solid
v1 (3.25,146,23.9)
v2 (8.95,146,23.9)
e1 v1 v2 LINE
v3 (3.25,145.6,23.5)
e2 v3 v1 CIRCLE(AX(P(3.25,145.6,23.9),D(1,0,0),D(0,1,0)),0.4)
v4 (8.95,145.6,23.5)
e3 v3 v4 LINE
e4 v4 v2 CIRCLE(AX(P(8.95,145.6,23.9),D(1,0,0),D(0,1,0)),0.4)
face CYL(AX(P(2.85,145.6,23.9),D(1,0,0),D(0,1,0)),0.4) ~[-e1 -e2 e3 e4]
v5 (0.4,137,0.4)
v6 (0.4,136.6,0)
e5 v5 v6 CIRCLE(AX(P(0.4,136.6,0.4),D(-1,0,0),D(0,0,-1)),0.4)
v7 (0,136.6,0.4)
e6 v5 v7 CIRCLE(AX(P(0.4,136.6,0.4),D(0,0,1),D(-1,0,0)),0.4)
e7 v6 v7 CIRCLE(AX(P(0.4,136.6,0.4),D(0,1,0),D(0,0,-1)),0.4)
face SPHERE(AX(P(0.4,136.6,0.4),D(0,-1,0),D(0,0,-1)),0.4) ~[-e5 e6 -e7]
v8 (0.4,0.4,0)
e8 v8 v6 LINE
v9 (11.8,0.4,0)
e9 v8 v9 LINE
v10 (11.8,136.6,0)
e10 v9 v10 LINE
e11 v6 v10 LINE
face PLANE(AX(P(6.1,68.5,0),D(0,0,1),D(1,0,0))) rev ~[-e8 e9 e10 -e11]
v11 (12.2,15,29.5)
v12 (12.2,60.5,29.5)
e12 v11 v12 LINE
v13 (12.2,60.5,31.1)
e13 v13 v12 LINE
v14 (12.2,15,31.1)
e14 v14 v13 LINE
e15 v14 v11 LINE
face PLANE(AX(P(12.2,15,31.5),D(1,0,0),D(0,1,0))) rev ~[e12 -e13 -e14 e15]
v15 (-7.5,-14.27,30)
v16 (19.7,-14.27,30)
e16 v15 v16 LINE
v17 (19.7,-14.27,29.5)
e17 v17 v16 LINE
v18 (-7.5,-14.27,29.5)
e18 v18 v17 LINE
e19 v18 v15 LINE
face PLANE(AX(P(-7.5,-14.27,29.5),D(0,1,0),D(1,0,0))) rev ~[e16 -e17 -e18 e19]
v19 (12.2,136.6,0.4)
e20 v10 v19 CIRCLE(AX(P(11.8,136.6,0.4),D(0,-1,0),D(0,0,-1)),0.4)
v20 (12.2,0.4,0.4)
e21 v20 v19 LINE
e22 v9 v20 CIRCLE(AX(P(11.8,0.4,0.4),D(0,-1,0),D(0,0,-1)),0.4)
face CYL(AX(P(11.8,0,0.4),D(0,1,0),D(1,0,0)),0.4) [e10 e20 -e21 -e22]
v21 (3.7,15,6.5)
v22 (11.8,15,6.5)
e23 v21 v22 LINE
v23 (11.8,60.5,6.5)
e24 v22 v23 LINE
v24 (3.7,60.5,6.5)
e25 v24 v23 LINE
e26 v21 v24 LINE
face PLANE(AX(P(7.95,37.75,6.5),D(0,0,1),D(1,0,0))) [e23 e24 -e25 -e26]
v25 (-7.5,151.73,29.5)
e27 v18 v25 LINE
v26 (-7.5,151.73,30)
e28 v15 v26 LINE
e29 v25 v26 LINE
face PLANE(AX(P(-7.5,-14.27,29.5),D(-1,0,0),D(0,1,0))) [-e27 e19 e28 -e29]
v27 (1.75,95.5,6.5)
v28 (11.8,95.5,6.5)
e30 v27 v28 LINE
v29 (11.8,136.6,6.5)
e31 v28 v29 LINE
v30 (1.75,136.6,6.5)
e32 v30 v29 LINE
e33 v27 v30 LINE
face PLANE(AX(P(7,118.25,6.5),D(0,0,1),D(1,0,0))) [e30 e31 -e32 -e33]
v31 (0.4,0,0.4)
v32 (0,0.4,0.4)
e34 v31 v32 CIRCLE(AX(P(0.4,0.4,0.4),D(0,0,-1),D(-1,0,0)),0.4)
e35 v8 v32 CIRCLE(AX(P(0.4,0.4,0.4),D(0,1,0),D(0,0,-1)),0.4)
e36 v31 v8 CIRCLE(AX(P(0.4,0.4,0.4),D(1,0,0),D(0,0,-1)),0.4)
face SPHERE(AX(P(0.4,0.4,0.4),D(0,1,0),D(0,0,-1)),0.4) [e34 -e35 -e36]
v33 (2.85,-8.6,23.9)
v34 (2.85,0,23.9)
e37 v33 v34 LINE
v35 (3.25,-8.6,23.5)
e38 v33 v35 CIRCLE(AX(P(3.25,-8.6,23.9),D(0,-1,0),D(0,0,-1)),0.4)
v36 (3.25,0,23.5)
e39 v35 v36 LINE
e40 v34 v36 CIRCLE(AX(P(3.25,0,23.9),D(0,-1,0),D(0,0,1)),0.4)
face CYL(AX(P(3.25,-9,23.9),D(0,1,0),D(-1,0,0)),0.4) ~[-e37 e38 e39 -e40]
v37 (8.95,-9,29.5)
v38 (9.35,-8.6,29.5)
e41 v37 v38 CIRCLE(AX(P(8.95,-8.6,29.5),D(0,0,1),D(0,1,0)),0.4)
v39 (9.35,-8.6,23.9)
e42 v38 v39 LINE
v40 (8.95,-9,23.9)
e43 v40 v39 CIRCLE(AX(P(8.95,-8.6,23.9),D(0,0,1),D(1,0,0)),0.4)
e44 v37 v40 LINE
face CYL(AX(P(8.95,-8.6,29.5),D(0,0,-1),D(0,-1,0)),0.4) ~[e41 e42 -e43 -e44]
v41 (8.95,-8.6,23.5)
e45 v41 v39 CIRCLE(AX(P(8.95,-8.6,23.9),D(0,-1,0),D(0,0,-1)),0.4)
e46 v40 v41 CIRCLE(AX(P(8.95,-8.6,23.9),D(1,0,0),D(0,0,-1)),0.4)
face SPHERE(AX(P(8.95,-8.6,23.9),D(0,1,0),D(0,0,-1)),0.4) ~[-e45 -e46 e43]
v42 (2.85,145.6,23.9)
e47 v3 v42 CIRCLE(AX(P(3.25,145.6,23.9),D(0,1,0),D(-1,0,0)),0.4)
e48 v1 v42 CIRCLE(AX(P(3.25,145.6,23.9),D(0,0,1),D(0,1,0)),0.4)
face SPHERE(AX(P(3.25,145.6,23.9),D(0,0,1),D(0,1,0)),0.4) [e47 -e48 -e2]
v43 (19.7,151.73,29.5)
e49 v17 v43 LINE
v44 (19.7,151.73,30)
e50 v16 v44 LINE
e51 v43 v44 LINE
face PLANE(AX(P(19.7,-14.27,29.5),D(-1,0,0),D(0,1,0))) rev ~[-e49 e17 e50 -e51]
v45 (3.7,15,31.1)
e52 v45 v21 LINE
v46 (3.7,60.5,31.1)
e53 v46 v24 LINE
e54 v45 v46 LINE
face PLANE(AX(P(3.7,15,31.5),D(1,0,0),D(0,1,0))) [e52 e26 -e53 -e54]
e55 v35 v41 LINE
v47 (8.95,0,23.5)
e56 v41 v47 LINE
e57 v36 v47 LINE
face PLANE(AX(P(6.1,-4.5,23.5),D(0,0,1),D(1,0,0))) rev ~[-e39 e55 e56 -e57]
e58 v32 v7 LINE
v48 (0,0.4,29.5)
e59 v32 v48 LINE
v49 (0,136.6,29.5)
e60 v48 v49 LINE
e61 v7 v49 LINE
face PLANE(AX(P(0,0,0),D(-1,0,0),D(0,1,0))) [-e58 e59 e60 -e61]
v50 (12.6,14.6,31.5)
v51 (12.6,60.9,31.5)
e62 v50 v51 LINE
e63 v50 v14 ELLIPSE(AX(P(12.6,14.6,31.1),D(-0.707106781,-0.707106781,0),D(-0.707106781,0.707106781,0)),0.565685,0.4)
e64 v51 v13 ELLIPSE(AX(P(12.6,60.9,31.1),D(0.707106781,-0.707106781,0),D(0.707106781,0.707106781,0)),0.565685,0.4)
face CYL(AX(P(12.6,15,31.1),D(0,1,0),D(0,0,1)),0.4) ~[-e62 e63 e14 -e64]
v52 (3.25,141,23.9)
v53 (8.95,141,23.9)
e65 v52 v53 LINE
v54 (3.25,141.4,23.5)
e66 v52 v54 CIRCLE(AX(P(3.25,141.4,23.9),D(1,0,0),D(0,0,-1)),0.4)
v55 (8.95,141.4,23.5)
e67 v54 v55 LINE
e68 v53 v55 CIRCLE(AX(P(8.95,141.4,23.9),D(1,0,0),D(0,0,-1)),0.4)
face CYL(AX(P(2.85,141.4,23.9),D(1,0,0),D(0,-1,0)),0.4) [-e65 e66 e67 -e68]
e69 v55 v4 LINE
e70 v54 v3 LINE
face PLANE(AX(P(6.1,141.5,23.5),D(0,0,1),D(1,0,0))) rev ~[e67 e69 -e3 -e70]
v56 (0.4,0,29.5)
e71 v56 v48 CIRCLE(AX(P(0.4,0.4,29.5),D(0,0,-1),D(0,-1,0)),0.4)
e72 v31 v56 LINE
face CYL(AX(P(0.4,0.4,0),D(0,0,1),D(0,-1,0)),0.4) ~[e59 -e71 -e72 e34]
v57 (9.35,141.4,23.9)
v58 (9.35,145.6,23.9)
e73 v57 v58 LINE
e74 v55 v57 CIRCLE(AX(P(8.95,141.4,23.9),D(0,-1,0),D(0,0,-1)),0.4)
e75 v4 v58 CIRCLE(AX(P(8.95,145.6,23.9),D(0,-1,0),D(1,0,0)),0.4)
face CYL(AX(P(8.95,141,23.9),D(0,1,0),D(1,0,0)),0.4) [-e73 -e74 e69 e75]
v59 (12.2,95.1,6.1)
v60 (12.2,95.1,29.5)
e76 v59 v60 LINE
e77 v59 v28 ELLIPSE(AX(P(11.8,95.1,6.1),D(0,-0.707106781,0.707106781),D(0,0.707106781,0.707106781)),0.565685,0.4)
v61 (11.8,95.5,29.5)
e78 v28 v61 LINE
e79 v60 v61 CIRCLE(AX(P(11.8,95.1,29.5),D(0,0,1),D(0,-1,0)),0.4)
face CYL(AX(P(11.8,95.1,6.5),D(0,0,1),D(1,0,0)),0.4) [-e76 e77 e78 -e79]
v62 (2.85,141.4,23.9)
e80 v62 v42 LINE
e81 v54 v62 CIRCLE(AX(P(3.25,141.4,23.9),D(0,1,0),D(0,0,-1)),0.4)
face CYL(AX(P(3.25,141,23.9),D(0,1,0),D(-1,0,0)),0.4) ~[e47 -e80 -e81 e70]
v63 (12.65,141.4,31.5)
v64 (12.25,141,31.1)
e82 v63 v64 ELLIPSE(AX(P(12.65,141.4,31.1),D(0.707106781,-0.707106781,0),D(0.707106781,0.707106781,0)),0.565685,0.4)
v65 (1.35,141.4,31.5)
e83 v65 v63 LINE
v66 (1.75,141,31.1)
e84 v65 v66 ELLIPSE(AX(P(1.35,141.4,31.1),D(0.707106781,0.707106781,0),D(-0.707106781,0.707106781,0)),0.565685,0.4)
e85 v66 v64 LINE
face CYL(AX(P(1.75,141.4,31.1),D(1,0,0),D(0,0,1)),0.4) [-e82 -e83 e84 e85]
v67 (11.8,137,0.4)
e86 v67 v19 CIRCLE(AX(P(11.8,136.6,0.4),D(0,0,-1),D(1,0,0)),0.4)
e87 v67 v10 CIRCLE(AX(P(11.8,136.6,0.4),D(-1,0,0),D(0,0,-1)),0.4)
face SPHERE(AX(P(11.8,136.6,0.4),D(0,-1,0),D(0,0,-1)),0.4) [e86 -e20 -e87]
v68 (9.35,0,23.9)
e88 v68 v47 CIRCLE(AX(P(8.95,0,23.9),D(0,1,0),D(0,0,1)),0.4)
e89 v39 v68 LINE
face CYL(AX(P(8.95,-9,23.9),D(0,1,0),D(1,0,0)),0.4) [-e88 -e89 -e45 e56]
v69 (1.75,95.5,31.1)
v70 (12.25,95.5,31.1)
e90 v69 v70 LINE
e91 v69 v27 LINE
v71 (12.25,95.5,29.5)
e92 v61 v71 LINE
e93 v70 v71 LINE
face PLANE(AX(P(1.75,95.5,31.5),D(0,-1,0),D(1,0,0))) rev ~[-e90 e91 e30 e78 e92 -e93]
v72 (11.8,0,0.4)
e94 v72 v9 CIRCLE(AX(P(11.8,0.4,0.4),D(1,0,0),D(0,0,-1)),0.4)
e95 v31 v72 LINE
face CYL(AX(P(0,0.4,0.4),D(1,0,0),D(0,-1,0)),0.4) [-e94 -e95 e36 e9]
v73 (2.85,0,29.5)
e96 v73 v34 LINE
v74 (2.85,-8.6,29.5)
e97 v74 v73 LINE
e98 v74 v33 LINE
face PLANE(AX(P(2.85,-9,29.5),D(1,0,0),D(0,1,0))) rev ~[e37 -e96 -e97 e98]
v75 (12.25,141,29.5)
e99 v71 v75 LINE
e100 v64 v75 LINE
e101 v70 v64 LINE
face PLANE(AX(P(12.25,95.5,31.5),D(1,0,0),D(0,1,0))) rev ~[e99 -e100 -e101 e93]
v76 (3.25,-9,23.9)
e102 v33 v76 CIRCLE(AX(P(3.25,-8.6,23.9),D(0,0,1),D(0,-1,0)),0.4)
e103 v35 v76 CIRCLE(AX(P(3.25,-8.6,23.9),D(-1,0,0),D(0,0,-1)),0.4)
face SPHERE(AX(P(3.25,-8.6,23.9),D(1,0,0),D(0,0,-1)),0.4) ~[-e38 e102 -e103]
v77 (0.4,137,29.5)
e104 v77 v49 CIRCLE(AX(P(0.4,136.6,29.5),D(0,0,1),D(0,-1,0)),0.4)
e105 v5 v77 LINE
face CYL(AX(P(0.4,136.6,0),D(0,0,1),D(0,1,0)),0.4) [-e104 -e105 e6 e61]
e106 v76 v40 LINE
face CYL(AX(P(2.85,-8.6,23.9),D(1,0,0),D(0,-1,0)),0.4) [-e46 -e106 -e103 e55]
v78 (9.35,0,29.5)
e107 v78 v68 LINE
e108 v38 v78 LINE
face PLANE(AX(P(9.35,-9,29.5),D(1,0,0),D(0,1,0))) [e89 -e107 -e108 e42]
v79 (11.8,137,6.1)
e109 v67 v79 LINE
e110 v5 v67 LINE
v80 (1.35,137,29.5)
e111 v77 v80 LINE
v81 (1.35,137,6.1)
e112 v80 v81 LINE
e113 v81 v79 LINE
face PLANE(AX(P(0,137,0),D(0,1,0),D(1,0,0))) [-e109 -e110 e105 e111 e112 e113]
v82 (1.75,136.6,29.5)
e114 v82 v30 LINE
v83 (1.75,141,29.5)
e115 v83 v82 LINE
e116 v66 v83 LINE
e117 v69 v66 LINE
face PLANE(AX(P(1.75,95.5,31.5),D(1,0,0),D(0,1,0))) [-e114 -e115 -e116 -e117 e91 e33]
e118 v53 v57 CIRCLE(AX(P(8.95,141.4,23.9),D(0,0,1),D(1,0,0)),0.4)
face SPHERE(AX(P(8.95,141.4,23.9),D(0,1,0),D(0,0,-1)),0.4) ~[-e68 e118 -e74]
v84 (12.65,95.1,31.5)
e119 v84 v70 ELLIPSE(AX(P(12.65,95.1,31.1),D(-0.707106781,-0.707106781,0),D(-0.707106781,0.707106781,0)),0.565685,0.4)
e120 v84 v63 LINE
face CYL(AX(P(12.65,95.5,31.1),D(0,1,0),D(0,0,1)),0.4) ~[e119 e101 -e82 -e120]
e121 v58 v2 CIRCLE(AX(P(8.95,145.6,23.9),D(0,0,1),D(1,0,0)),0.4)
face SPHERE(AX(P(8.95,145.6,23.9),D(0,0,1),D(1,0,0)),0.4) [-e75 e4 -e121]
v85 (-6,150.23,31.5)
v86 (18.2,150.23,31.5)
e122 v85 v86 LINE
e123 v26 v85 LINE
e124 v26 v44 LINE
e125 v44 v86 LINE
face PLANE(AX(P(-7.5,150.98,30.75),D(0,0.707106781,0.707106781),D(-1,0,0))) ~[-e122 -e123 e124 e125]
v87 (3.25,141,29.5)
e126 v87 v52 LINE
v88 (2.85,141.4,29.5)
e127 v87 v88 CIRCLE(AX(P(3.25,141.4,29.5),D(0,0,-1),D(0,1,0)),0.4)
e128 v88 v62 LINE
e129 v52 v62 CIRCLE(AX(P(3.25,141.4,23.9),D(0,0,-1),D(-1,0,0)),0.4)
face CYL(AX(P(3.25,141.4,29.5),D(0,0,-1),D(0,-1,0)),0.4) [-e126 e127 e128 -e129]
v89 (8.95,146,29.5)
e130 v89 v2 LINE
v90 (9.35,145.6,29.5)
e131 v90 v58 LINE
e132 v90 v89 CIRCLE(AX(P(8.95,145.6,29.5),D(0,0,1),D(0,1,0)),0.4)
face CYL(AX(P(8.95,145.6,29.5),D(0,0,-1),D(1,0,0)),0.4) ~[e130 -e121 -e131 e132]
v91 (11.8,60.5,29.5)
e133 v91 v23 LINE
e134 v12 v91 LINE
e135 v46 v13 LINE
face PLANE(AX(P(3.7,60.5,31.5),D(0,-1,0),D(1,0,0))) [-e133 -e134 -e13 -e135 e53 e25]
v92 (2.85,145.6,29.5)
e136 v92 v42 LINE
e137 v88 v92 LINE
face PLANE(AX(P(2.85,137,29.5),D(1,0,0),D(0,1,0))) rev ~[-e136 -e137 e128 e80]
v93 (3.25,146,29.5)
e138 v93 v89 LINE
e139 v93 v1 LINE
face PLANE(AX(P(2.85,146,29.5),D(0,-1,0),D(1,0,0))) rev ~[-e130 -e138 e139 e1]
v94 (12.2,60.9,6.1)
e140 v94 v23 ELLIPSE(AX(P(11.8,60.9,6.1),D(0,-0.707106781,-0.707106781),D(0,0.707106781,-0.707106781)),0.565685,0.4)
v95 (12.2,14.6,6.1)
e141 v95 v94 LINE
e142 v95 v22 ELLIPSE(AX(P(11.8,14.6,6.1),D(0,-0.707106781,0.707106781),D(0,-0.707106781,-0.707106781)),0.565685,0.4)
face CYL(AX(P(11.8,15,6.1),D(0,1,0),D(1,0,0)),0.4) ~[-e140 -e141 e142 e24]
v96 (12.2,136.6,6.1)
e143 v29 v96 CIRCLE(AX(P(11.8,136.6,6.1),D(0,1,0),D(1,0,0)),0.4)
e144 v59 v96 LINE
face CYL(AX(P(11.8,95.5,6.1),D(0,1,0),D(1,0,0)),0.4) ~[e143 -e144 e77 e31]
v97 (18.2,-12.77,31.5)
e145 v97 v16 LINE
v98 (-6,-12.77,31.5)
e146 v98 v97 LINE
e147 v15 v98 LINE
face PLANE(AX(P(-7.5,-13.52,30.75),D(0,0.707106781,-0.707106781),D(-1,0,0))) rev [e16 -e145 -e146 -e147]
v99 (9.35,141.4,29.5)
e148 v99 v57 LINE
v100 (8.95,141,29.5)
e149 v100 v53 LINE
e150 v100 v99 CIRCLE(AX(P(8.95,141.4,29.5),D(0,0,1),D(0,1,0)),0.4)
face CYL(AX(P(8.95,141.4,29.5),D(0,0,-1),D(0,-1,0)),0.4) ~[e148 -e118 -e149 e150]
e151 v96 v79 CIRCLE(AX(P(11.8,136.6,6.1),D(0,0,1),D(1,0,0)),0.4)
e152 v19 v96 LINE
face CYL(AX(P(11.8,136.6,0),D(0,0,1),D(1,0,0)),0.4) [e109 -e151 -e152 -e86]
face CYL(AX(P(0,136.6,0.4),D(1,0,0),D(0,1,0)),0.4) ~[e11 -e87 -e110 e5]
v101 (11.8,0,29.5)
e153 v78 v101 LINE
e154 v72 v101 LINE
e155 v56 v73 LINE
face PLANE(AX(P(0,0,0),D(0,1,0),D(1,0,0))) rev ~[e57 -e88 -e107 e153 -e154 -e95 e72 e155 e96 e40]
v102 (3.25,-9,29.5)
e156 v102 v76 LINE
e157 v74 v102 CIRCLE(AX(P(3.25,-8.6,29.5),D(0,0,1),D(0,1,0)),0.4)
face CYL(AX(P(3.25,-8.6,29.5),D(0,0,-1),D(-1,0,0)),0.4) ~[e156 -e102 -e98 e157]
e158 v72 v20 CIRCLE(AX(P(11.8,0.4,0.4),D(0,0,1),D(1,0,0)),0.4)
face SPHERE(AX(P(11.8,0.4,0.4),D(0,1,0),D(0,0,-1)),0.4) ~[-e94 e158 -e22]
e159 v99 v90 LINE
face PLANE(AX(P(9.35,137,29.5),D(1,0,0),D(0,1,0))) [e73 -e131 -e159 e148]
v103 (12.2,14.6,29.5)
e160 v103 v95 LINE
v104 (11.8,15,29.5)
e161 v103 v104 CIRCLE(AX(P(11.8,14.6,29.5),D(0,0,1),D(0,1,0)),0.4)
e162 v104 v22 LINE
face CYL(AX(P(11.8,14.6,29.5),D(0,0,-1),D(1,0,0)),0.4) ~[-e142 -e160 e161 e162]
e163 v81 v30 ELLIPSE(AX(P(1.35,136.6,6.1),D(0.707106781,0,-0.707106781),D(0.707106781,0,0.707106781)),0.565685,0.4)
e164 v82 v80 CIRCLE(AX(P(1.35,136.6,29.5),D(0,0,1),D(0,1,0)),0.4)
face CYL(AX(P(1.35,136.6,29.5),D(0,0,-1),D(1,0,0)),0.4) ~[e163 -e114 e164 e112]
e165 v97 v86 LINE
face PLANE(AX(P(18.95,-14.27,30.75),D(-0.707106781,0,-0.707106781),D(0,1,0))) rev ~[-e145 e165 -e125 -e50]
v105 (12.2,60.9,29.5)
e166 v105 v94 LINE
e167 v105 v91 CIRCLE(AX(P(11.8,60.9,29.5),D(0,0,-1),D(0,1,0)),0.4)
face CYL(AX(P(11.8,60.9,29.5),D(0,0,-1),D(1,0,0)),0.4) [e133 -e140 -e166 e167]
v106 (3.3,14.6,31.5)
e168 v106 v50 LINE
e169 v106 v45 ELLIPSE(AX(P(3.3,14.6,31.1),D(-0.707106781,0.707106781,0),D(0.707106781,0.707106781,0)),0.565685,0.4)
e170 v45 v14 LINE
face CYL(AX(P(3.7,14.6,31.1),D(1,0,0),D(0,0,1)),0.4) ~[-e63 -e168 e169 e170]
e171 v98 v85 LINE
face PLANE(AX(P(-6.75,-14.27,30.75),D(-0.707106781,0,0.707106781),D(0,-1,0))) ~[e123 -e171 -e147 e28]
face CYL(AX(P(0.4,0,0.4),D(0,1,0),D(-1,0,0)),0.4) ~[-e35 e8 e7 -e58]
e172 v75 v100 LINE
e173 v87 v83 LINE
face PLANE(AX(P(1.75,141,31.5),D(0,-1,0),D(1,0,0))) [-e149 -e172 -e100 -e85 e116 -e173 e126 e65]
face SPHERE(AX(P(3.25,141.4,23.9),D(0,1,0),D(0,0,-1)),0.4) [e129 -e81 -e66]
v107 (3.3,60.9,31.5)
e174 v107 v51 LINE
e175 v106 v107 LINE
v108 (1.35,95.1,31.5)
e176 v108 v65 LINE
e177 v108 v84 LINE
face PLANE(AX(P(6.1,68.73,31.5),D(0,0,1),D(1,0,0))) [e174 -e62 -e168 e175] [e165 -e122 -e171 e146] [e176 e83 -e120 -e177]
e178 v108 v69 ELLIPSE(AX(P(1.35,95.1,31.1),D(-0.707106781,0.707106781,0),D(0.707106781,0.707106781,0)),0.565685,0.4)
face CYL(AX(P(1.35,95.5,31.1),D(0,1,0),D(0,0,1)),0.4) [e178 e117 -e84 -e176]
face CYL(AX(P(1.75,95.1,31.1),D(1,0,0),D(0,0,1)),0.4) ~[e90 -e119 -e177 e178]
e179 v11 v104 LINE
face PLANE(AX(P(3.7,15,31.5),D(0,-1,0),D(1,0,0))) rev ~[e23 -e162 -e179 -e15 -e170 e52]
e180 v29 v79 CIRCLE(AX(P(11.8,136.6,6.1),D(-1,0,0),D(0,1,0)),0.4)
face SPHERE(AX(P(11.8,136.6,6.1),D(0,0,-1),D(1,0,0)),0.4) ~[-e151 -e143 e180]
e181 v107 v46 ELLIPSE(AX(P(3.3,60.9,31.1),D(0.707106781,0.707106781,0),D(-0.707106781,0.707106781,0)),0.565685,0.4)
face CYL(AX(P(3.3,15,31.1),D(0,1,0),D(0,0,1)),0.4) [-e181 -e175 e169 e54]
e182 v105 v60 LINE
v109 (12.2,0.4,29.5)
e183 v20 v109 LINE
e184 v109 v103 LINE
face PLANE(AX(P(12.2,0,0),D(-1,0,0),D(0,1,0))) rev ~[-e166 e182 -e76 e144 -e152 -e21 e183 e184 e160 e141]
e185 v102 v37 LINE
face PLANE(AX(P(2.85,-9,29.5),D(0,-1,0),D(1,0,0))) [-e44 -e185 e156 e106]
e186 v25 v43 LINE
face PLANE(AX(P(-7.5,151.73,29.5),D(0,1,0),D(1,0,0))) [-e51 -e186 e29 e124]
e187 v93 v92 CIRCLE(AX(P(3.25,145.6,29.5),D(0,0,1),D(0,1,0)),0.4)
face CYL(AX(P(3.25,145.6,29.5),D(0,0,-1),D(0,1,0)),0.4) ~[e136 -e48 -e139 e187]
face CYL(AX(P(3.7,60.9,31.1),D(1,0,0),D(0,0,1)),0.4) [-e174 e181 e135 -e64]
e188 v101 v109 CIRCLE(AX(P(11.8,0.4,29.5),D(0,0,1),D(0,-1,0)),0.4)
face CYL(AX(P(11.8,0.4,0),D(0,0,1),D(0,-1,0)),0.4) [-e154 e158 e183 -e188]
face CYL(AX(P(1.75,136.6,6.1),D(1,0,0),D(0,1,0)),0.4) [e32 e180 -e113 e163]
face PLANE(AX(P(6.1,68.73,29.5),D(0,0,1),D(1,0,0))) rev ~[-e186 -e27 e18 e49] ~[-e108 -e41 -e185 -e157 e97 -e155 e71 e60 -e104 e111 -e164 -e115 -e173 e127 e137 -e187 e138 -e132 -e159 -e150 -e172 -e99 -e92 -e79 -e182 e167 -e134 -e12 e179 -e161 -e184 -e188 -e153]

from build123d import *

# Parameters (mm, degrees)
SKETCH_W      = 12.2
SKETCH_H      = 137
PAD_DEPTH     = 29.5
SKETCH002_W   = 27.2
SKETCH002_H   = 166
PAD001_DEPTH  = 2
SKETCH003_W   = 6.5
SKETCH003_H   = 9
PAD002_DEPTH  = 6
SKETCH001_W   = 8.5
SKETCH001_H   = 45.5
SKETCH001_W_2 = 10.5
POCKET_DEPTH  = 25
CHAMFER_SIZE  = 1.5
FILLET_R      = 0.4


with BuildPart() as part:
    # Sketch → Pad (new body)
    with BuildSketch(Plane.XY):
        with Locations((6.1, 68.5)):
            Rectangle(SKETCH_W, SKETCH_H)
    extrude(amount=PAD_DEPTH)

    # Sketch002 → Pad001 (join)
    with BuildSketch(Plane.XY.offset(29.5)):
        with Locations((6.1, 68.73)):
            Rectangle(SKETCH002_W, SKETCH002_H)
    extrude(amount=PAD001_DEPTH)

    # Sketch003 → Pad002 (join)
    with BuildSketch(Plane.XY.offset(29.5)):
        with Locations((6.1, -4.5)):
            Rectangle(SKETCH003_W, SKETCH003_H)
        with Locations((6.1, 141.5)):
            Rectangle(SKETCH003_W, SKETCH003_H)
    extrude(amount=-PAD002_DEPTH)

    # Sketch001 → Pocket (cut)
    with BuildSketch(Plane.XY.offset(31.5)):
        with Locations((7.95, 37.75)):
            Rectangle(SKETCH001_W, SKETCH001_H)
        with Locations((7, 118.25)):
            Rectangle(SKETCH001_W_2, SKETCH001_H)
    extrude(amount=-POCKET_DEPTH, mode=Mode.SUBTRACT)

    # Chamfer
    chamfer_edges = [part.edges().sort_by_distance(p)[0] for p in [
        (6.1, 151.73, 31.5),
        (-7.5, 68.73, 31.5),
        (19.7, 68.73, 31.5),
        (6.1, -14.27, 31.5),
    ]]
    chamfer(chamfer_edges, length=CHAMFER_SIZE)

    # Fillet
    fillet_edges = [part.edges().sort_by_distance(p)[0] for p in [
        (3.7, 37.75, 31.5),
        (7.95, 60.5, 31.5),
        (12.2, 37.75, 31.5),
        (7.95, 15, 31.5),
        (12.25, 118.25, 31.5),
        (7, 95.5, 31.5),
        (1.75, 118.25, 31.5),
        (7, 141, 31.5),
        (12.2, 68.5, 0),
        (0, 68.5, 0),
        (6.1, 137, 0),
        (6.1, 0, 0),
        (12.2, 137, 3.25),
        (0, 137, 14.75),
        (0, 0, 14.75),
        (12.2, 0, 14.75),
        (9.35, -4.5, 23.5),
        (6.1, -9, 23.5),
        (2.85, -4.5, 23.5),
        (2.85, -9, 26.5),
        (9.35, -9, 26.5),
        (12.2, 15, 18),
        (12.2, 37.75, 6.5),
        (12.2, 60.5, 18),
        (12.2, 95.5, 18),
        (12.2, 116.25, 6.5),
        (6.975, 137, 6.5),
        (2.85, 146, 26.5),
        (9.35, 146, 26.5),
        (9.35, 143.5, 23.5),
        (6.1, 146, 23.5),
        (2.85, 143.5, 23.5),
        (6.1, 141, 23.5),
        (9.35, 141, 26.5),
        (2.85, 141, 26.5),
        (1.75, 137, 18),
    ]]
    fillet(fillet_edges, radius=FILLET_R)


solid = part.part
